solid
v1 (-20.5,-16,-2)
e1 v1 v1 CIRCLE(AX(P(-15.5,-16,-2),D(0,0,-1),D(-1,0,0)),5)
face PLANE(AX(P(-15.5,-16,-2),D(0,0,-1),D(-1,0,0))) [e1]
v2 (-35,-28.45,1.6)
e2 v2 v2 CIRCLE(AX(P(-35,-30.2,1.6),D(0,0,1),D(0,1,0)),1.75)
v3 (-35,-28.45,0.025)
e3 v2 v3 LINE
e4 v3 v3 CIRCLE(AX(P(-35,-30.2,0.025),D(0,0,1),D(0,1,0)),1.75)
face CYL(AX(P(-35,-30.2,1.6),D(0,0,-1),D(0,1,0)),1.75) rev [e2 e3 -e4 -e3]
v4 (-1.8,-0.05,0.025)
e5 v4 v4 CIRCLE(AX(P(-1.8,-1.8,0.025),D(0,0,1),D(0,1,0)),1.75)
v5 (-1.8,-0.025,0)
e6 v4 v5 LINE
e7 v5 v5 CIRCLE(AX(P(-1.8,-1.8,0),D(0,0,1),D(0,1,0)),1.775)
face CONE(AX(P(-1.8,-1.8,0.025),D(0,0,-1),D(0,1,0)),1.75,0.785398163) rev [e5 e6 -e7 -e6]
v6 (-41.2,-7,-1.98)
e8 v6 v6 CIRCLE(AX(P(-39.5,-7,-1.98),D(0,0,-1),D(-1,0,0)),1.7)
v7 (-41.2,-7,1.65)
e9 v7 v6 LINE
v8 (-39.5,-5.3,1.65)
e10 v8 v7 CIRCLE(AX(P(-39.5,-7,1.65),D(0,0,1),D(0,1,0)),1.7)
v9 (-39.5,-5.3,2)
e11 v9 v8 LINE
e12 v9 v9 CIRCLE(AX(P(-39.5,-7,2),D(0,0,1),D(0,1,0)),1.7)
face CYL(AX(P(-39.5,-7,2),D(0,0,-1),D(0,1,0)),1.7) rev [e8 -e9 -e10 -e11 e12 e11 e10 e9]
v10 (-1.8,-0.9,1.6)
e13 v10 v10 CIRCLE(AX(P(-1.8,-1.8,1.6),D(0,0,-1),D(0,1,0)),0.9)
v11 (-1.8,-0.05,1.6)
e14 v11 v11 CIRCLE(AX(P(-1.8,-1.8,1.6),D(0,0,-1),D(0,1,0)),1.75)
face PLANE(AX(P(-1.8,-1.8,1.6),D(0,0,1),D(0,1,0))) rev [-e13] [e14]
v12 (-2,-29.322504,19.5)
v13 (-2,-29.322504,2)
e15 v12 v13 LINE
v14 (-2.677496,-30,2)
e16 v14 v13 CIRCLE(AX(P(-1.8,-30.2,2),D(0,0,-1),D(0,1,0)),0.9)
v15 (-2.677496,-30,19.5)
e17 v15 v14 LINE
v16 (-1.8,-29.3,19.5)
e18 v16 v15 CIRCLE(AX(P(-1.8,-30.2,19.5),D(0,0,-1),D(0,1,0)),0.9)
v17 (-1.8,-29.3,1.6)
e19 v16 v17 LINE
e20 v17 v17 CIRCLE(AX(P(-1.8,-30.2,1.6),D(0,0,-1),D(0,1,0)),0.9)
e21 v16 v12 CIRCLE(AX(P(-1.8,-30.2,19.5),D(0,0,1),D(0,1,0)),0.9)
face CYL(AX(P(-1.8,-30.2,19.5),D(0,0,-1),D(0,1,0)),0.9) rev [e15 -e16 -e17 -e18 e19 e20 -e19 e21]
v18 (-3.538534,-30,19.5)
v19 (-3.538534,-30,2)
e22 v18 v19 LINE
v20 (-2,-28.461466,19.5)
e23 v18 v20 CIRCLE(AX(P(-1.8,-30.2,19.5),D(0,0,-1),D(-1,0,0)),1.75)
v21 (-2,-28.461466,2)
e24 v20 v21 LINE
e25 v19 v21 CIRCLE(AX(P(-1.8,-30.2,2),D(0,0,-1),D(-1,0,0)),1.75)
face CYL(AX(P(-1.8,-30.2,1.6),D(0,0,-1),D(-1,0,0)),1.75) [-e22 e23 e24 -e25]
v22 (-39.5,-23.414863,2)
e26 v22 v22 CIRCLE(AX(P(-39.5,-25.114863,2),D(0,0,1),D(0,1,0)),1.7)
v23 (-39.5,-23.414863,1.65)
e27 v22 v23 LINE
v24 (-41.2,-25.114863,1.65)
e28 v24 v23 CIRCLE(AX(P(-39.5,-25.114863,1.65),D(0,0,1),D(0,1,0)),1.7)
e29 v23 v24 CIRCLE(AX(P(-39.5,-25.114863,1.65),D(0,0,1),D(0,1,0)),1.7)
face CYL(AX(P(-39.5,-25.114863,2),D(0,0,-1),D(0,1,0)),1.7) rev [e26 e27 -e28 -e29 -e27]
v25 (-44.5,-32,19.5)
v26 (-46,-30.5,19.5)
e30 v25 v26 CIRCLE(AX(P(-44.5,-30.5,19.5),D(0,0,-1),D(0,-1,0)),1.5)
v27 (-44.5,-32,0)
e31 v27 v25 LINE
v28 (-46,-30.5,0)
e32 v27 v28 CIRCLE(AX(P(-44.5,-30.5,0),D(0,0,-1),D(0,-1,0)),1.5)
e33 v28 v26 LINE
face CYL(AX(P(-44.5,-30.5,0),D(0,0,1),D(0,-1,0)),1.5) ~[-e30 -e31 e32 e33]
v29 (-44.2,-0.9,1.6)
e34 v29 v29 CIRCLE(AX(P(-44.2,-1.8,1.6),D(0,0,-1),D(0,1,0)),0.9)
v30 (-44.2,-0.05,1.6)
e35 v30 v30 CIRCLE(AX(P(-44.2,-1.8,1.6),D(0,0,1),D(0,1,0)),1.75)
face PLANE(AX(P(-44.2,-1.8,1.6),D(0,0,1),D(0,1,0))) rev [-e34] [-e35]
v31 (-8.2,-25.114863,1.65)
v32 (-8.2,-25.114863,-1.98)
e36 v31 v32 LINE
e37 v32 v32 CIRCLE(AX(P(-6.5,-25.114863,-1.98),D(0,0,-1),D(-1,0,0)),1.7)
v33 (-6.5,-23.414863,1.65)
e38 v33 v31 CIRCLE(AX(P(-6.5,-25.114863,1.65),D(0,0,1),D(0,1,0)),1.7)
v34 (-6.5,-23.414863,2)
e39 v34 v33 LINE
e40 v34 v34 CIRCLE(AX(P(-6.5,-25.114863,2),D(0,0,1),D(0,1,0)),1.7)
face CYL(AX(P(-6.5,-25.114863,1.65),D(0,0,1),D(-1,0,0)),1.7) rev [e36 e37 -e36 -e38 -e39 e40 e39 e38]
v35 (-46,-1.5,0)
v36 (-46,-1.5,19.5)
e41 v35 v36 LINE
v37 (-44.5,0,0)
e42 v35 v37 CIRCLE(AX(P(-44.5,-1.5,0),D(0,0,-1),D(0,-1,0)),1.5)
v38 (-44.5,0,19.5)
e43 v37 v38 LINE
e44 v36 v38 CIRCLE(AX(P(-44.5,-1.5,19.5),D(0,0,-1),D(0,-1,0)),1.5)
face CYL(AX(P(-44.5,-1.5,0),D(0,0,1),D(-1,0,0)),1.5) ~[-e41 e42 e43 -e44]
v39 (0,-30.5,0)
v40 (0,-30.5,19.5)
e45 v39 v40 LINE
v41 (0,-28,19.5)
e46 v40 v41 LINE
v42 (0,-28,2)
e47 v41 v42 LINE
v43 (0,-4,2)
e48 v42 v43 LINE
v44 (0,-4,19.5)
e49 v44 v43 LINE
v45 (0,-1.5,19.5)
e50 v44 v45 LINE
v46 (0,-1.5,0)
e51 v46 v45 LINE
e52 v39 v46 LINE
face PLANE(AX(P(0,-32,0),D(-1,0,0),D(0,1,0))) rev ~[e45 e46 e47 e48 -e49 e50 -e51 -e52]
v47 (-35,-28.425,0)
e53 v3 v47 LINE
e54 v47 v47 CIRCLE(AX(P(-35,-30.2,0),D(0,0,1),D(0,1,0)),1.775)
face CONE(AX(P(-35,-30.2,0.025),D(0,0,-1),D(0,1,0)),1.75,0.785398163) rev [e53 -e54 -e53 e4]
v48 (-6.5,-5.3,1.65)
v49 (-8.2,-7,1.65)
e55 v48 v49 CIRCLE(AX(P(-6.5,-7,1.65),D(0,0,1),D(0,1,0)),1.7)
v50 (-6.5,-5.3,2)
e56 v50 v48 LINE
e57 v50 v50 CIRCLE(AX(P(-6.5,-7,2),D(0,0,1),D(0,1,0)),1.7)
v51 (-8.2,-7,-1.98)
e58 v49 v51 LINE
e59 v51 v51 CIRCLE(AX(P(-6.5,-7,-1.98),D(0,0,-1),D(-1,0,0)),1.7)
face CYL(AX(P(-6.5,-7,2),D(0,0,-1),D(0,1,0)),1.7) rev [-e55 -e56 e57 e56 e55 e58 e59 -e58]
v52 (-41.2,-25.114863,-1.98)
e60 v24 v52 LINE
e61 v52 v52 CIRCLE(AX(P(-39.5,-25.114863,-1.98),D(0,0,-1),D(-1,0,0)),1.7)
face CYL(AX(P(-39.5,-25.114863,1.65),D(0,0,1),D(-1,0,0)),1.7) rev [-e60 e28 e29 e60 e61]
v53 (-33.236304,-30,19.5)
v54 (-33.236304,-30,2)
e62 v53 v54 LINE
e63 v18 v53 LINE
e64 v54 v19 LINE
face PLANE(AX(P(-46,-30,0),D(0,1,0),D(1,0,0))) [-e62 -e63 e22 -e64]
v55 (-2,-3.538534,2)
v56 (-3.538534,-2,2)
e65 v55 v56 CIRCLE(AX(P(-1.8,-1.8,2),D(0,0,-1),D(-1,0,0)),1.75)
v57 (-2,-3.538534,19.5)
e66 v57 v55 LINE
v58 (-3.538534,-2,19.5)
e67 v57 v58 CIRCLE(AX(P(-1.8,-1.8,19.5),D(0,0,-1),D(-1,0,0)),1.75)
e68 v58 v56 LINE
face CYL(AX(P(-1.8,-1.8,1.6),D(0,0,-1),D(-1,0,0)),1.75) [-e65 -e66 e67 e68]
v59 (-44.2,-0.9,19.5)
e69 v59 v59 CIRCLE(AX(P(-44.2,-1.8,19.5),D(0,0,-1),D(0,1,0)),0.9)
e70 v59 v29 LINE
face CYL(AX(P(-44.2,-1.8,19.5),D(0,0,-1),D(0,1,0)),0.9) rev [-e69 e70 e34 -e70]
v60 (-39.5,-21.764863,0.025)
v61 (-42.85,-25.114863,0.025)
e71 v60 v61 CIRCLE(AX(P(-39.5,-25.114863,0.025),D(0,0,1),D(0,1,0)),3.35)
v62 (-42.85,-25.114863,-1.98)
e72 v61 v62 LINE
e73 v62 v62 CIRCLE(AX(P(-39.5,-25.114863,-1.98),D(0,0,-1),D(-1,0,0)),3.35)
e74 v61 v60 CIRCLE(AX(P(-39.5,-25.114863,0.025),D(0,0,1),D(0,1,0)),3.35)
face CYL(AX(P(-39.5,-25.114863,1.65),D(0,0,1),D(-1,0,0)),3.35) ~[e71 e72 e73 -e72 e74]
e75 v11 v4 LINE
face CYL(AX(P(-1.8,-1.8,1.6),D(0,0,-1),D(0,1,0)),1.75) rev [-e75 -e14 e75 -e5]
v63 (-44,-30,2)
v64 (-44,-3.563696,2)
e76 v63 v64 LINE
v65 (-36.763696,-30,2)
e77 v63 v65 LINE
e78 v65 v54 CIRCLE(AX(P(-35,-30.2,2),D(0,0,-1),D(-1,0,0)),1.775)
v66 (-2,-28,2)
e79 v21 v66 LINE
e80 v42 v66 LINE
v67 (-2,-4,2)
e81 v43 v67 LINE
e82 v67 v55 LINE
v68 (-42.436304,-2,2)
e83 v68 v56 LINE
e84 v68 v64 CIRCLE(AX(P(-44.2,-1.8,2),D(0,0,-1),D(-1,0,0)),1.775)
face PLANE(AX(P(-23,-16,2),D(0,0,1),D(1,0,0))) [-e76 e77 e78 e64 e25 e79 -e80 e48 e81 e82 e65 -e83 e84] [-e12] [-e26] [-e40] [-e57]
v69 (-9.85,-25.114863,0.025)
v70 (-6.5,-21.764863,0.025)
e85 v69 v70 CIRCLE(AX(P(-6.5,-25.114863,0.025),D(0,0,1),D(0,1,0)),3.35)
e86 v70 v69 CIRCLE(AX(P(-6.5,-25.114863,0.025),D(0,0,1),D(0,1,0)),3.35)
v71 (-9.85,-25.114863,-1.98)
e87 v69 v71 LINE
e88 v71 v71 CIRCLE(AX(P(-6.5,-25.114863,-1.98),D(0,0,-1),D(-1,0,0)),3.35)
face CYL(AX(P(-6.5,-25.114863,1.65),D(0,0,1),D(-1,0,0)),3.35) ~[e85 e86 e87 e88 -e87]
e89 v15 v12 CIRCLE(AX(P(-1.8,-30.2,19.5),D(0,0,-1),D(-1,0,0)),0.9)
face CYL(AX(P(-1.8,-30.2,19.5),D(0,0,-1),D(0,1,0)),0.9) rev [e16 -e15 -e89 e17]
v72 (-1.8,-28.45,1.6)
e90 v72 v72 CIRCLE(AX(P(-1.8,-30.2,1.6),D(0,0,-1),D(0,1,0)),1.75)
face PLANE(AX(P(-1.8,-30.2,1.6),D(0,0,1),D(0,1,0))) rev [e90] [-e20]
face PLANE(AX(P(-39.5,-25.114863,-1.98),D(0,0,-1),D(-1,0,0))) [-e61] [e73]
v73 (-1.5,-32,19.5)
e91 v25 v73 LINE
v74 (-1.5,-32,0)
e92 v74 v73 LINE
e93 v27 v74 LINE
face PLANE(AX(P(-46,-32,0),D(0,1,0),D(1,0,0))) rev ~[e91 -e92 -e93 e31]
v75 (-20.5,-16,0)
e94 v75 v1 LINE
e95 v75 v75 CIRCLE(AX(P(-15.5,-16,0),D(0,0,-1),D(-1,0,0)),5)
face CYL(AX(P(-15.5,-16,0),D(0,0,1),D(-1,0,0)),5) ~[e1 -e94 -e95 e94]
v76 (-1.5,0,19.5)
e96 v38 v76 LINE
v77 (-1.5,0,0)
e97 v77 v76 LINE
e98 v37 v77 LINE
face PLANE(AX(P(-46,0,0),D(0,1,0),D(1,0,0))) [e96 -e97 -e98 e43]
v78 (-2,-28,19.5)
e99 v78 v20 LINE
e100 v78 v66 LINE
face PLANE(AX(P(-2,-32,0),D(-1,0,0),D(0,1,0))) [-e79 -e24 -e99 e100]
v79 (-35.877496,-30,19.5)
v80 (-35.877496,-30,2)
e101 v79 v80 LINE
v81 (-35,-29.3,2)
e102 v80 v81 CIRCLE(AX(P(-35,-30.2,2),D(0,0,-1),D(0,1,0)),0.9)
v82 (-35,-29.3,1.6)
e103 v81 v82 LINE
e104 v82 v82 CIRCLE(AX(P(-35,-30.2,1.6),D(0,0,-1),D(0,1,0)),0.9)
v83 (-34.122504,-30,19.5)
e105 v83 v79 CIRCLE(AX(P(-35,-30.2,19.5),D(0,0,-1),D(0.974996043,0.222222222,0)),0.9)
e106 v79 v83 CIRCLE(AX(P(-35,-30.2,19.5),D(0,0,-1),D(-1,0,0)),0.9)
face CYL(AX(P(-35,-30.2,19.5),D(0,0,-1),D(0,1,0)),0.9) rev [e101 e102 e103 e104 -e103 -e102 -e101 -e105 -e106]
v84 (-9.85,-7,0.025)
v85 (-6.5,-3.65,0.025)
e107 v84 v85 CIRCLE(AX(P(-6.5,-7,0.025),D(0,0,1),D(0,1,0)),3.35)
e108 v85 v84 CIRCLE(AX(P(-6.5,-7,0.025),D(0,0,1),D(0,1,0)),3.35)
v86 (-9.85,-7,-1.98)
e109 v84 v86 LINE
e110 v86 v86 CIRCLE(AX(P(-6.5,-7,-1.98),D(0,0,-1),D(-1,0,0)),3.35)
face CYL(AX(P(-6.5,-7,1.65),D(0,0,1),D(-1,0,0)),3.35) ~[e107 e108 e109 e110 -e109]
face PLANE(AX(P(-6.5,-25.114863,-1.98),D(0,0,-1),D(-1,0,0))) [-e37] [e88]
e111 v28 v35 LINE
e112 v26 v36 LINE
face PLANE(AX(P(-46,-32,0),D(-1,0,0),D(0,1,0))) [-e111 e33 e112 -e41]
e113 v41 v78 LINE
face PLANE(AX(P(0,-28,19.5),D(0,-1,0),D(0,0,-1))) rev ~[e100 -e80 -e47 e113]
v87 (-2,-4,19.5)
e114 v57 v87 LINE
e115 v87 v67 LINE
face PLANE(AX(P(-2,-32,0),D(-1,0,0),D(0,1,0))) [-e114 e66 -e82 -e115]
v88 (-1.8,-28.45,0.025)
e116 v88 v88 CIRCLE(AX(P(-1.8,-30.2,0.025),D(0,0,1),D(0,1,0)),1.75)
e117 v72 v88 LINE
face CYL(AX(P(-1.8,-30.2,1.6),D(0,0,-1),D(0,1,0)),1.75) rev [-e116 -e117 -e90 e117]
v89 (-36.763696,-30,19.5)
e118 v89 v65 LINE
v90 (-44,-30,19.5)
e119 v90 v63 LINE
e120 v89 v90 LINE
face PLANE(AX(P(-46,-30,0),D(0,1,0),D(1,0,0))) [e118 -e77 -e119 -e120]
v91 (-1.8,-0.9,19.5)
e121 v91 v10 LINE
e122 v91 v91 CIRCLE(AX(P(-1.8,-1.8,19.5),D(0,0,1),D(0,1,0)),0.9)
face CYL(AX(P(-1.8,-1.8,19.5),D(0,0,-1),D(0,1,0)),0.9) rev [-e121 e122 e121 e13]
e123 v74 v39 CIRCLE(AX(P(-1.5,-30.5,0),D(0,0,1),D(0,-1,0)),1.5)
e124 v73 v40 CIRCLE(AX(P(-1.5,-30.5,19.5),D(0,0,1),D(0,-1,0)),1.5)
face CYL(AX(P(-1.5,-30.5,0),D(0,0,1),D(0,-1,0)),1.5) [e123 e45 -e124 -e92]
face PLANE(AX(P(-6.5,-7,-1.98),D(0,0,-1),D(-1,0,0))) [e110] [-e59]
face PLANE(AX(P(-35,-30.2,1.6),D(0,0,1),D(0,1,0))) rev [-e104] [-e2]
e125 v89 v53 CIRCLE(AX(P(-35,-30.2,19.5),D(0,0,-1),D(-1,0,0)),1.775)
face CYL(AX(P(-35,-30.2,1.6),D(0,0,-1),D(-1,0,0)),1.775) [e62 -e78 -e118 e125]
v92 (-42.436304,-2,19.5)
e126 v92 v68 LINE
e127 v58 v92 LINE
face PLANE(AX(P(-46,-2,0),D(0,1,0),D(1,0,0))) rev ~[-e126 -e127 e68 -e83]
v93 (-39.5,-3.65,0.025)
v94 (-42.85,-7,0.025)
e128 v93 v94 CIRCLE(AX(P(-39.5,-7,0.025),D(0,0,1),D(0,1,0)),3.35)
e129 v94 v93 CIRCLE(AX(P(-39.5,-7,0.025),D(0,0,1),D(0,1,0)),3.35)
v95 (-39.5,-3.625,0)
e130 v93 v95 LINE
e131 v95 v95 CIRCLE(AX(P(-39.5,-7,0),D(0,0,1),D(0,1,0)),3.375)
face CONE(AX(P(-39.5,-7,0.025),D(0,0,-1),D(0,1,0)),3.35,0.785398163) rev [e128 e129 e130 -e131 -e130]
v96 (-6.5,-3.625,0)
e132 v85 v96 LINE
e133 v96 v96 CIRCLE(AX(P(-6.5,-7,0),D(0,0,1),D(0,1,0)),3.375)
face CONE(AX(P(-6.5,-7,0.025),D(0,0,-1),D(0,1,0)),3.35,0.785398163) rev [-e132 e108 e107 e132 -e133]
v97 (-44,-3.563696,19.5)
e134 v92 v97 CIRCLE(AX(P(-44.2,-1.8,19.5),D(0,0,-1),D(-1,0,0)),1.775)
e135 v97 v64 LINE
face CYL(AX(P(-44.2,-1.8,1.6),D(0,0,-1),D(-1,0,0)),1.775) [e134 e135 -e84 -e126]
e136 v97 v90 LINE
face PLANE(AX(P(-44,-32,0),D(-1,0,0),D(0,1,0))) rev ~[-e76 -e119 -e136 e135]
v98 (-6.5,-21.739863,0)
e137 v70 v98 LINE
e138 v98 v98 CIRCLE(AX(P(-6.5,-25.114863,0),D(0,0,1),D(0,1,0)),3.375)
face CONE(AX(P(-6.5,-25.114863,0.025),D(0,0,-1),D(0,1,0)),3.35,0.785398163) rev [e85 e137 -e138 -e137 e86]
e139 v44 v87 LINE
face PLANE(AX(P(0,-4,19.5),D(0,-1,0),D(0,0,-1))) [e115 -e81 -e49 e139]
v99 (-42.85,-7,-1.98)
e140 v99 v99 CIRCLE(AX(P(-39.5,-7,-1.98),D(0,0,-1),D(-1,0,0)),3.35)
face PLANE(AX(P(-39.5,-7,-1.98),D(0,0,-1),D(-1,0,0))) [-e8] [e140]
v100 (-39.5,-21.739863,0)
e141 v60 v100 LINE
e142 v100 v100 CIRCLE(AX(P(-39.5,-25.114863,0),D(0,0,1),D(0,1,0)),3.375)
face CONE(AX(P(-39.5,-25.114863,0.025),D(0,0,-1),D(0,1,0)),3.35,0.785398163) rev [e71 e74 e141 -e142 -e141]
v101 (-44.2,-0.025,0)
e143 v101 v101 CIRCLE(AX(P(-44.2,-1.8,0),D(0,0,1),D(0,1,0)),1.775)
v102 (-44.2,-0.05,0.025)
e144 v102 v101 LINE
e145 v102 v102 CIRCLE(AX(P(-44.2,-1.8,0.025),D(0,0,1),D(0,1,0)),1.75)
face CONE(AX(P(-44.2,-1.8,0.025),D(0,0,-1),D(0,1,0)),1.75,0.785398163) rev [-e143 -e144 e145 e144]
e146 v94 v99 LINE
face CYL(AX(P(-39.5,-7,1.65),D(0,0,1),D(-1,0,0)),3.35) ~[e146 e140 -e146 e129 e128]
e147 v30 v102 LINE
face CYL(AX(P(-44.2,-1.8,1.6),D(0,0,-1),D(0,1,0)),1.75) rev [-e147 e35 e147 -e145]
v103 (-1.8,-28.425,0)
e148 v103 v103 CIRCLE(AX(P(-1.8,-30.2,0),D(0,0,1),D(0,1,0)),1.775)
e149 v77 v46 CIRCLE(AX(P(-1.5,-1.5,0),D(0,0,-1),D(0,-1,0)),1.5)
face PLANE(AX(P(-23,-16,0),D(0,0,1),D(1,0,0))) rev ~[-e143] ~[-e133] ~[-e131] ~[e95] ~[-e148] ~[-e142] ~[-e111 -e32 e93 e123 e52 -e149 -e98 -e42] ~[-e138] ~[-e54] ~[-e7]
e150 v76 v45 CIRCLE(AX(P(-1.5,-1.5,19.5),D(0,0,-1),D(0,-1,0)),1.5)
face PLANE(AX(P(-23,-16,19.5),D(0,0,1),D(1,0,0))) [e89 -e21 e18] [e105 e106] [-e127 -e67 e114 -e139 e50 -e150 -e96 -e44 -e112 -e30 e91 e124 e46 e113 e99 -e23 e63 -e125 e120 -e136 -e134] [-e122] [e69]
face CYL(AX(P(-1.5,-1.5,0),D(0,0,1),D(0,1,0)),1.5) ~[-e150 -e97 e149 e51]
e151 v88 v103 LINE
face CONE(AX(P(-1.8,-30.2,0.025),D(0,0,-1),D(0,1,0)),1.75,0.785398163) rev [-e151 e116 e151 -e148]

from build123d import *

# Parameters (mm, degrees)
SKETCH2_W                       = 46
SKETCH2_H                       = 32
BOSS_EXTRUDE1_DEPTH             = 19.5
SHELL1_T                        = -2
CBORE_FOR_M3_SBHCS1_AT_2_COUNT  = 2
CBORE_FOR_M3_SBHCS1_AT_2_PITCH  = 18.114862856
CBORE_FOR_M3_SBHCS1_AT_3_COUNT  = 2
CBORE_FOR_M3_SBHCS1_AT_3_PITCH  = 37.645029636
CBORE_FOR_M3_SBHCS1_AT_4_COUNT  = 2
CBORE_FOR_M3_SBHCS1_AT_4_PITCH  = 33
SKETCH8_R                       = 3.35
SKETCH8_R_2                     = 1.7
BOSS_EXTRUDE2_DEPTH             = 3.63
SKETCH9_R                       = 5
BOSS_EXTRUDE3_DEPTH             = 2
SKETCH10_W                      = 17.5
SKETCH10_H                      = 24
CUT_EXTRUDE1_DEPTH              = 2
CBORE_FOR_M1_6_SHCS1_AT_2_COUNT = 2
CBORE_FOR_M1_6_SHCS1_AT_2_PITCH = 42.4
CBORE_FOR_M1_6_SHCS1_AT_3_COUNT = 2
CBORE_FOR_M1_6_SHCS1_AT_3_PITCH = 43.689815747
CBORE_FOR_M1_6_SHCS1_AT_4_COUNT = 2
CBORE_FOR_M1_6_SHCS1_AT_4_PITCH = 28.4
SKETCH14_R                      = 1.75
SKETCH14_R_2                    = 0.9
SKETCH14_R_3                    = 1.775
BOSS_EXTRUDE4_DEPTH             = 17.9
FILLET1_R                       = 1.5


with BuildPart() as part:
    # Sketch2 → Boss-Extrude1 (new body)
    with BuildSketch(Plane.XY):
        with Locations((-23, -16)):
            Rectangle(SKETCH2_W, SKETCH2_H)
    extrude(amount=BOSS_EXTRUDE1_DEPTH)

    # Shell1
    shell1_openings = [part.faces().sort_by_distance(p)[0] for p in [
        (-23, -16, 19.5),
    ]]
    offset(amount=SHELL1_T, openings=shell1_openings, kind=Kind.INTERSECTION)

    # Sketch5 → CBORE for M3 SBHCS1 (revolve, cut)
    with BuildSketch(Plane(origin=(-6.5, -7, 0), x_dir=(0, 1, 0), z_dir=(1, 0, 0))):
        Polygon((0, 0), (0, 3.021463052), (1.7, 2), (1.7, 1.65), (3.35, 1.65), (3.35, 0.025), (3.375, 0), align=None)
    cbore_for_m3_sbhcs1 = revolve(axis=Axis((-6.5, -7, -6.35), (0, 0, 1)), mode=Mode.SUBTRACT)

    # CBORE for M3 SBHCS1 at 2: CBORE for M3 SBHCS1 ×2
    with Locations(*[(0, -i * CBORE_FOR_M3_SBHCS1_AT_2_PITCH, 0) for i in range(1, CBORE_FOR_M3_SBHCS1_AT_2_COUNT)]):
        add(cbore_for_m3_sbhcs1, mode=Mode.SUBTRACT)

    # CBORE for M3 SBHCS1 at 3: CBORE for M3 SBHCS1 ×2
    with Locations(*[Vector(-0.8766097495224606, -0.4812019815443084, 0) * (i * CBORE_FOR_M3_SBHCS1_AT_3_PITCH) for i in range(1, CBORE_FOR_M3_SBHCS1_AT_3_COUNT)]):
        add(cbore_for_m3_sbhcs1, mode=Mode.SUBTRACT)

    # CBORE for M3 SBHCS1 at 4: CBORE for M3 SBHCS1 ×2
    with Locations(*[(-i * CBORE_FOR_M3_SBHCS1_AT_4_PITCH, 0, 0) for i in range(1, CBORE_FOR_M3_SBHCS1_AT_4_COUNT)]):
        add(cbore_for_m3_sbhcs1, mode=Mode.SUBTRACT)

    # Sketch8 → Boss-Extrude2 (add)
    # profile 1 of 4: a face of its own
    with BuildSketch(Plane(origin=(0, 0, 1.65), x_dir=(-1, 0, 0), z_dir=(0, 0, -1))):
        with Locations((6.5, -25.114862856)):
            Circle(SKETCH8_R)
        with Locations((6.5, -25.114862856)):
            Circle(SKETCH8_R_2, mode=Mode.SUBTRACT)
    # profile 2 of 4: a face of its own
    with BuildSketch(Plane(origin=(0, 0, 1.65), x_dir=(-1, 0, 0), z_dir=(0, 0, -1))):
        with Locations((39.5, -25.114862856)):
            Circle(SKETCH8_R)
        with Locations((39.5, -25.114862856)):
            Circle(SKETCH8_R_2, mode=Mode.SUBTRACT)
    # profile 3 of 4: a face of its own
    with BuildSketch(Plane(origin=(0, 0, 1.65), x_dir=(-1, 0, 0), z_dir=(0, 0, -1))):
        with Locations((39.5, -7)):
            Circle(SKETCH8_R)
        with Locations((39.5, -7)):
            Circle(SKETCH8_R_2, mode=Mode.SUBTRACT)
    # profile 4 of 4: a face of its own
    with BuildSketch(Plane(origin=(0, 0, 1.65), x_dir=(-1, 0, 0), z_dir=(0, 0, -1))):
        with Locations((6.5, -7)):
            Circle(SKETCH8_R)
        with Locations((6.5, -7)):
            Circle(SKETCH8_R_2, mode=Mode.SUBTRACT)
    extrude(amount=BOSS_EXTRUDE2_DEPTH)

    # Sketch9 → Boss-Extrude3 (add)
    with BuildSketch(Plane(origin=(0, 0, 0), x_dir=(-1, 0, 0), z_dir=(0, 0, -1))):
        with Locations((15.5, -16)):
            Circle(SKETCH9_R)
    extrude(amount=BOSS_EXTRUDE3_DEPTH)

    # Sketch10 → Cut-Extrude1 (cut)
    with BuildSketch(Plane(origin=(0, 0, 0), x_dir=(0, 0, -1), z_dir=(1, 0, 0))):
        with Locations((-10.75, -16)):
            Rectangle(SKETCH10_W, SKETCH10_H)
    extrude(amount=-CUT_EXTRUDE1_DEPTH, mode=Mode.SUBTRACT)

    # Sketch13 → CBORE for M1.6 SHCS1 (revolve, cut)
    with BuildSketch(Plane(origin=(-1.8, -1.8, 0), x_dir=(0, 1, 0), z_dir=(1, 0, 0))):
        Polygon((0, 0), (0, 19.5), (0.9, 19.5), (0.9, 1.6), (1.75, 1.6), (1.75, 0.025), (1.775, 0), align=None)
    cbore_for_m1_6_shcs1 = revolve(axis=Axis((-1.8, -1.8, -6.35), (0, 0, 1)), mode=Mode.SUBTRACT)

    # CBORE for M1.6 SHCS1 at 2: CBORE for M1.6 SHCS1 ×2
    with Locations(*[(-i * CBORE_FOR_M1_6_SHCS1_AT_2_PITCH, 0, 0) for i in range(1, CBORE_FOR_M1_6_SHCS1_AT_2_COUNT)]):
        add(cbore_for_m1_6_shcs1, mode=Mode.SUBTRACT)

    # CBORE for M1.6 SHCS1 at 3: CBORE for M1.6 SHCS1 ×2
    with Locations(*[Vector(-0.759902495179072, -0.6500370741893268, 0) * (i * CBORE_FOR_M1_6_SHCS1_AT_3_PITCH) for i in range(1, CBORE_FOR_M1_6_SHCS1_AT_3_COUNT)]):
        add(cbore_for_m1_6_shcs1, mode=Mode.SUBTRACT)

    # CBORE for M1.6 SHCS1 at 4: CBORE for M1.6 SHCS1 ×2
    with Locations(*[(0, -i * CBORE_FOR_M1_6_SHCS1_AT_4_PITCH, 0) for i in range(1, CBORE_FOR_M1_6_SHCS1_AT_4_COUNT)]):
        add(cbore_for_m1_6_shcs1, mode=Mode.SUBTRACT)

    # Sketch14 → Boss-Extrude4 (add)
    # profile 1 of 4: a face of its own
    with BuildSketch(Plane(origin=(0, 0, 1.6), x_dir=(-1, 0, 0), z_dir=(0, 0, -1))):
        with Locations((1.8, -1.8)):
            Circle(SKETCH14_R)
        with Locations((1.8, -1.8)):
            Circle(SKETCH14_R_2, mode=Mode.SUBTRACT)
    # profile 2 of 4: a face of its own
    with BuildSketch(Plane(origin=(0, 0, 1.6), x_dir=(-1, 0, 0), z_dir=(0, 0, -1))):
        with Locations((44.2, -1.8)):
            Circle(SKETCH14_R_3)
        with Locations((44.2, -1.8)):
            Circle(SKETCH14_R_2, mode=Mode.SUBTRACT)
    # profile 3 of 4: a face of its own
    with BuildSketch(Plane(origin=(0, 0, 1.6), x_dir=(-1, 0, 0), z_dir=(0, 0, -1))):
        with Locations((35, -30.2)):
            Circle(SKETCH14_R_3)
        with Locations((35, -30.2)):
            Circle(SKETCH14_R_2, mode=Mode.SUBTRACT)
    # profile 4 of 4: a face of its own
    with BuildSketch(Plane(origin=(0, 0, 1.6), x_dir=(-1, 0, 0), z_dir=(0, 0, -1))):
        with Locations((1.8, -30.2)):
            Circle(SKETCH14_R)
        with Locations((1.8, -30.2)):
            Circle(SKETCH14_R_2, mode=Mode.SUBTRACT)
    extrude(amount=-BOSS_EXTRUDE4_DEPTH)

    # Fillet1
    fillet1_edges = [part.edges().sort_by_distance(p)[0] for p in [
        (0, -32, 9.75),
        (-46, -32, 9.75),
        (-46, 0, 9.75),
        (0, 0, 9.75),
    ]]
    fillet(fillet1_edges, radius=FILLET1_R)


solid = part.part
